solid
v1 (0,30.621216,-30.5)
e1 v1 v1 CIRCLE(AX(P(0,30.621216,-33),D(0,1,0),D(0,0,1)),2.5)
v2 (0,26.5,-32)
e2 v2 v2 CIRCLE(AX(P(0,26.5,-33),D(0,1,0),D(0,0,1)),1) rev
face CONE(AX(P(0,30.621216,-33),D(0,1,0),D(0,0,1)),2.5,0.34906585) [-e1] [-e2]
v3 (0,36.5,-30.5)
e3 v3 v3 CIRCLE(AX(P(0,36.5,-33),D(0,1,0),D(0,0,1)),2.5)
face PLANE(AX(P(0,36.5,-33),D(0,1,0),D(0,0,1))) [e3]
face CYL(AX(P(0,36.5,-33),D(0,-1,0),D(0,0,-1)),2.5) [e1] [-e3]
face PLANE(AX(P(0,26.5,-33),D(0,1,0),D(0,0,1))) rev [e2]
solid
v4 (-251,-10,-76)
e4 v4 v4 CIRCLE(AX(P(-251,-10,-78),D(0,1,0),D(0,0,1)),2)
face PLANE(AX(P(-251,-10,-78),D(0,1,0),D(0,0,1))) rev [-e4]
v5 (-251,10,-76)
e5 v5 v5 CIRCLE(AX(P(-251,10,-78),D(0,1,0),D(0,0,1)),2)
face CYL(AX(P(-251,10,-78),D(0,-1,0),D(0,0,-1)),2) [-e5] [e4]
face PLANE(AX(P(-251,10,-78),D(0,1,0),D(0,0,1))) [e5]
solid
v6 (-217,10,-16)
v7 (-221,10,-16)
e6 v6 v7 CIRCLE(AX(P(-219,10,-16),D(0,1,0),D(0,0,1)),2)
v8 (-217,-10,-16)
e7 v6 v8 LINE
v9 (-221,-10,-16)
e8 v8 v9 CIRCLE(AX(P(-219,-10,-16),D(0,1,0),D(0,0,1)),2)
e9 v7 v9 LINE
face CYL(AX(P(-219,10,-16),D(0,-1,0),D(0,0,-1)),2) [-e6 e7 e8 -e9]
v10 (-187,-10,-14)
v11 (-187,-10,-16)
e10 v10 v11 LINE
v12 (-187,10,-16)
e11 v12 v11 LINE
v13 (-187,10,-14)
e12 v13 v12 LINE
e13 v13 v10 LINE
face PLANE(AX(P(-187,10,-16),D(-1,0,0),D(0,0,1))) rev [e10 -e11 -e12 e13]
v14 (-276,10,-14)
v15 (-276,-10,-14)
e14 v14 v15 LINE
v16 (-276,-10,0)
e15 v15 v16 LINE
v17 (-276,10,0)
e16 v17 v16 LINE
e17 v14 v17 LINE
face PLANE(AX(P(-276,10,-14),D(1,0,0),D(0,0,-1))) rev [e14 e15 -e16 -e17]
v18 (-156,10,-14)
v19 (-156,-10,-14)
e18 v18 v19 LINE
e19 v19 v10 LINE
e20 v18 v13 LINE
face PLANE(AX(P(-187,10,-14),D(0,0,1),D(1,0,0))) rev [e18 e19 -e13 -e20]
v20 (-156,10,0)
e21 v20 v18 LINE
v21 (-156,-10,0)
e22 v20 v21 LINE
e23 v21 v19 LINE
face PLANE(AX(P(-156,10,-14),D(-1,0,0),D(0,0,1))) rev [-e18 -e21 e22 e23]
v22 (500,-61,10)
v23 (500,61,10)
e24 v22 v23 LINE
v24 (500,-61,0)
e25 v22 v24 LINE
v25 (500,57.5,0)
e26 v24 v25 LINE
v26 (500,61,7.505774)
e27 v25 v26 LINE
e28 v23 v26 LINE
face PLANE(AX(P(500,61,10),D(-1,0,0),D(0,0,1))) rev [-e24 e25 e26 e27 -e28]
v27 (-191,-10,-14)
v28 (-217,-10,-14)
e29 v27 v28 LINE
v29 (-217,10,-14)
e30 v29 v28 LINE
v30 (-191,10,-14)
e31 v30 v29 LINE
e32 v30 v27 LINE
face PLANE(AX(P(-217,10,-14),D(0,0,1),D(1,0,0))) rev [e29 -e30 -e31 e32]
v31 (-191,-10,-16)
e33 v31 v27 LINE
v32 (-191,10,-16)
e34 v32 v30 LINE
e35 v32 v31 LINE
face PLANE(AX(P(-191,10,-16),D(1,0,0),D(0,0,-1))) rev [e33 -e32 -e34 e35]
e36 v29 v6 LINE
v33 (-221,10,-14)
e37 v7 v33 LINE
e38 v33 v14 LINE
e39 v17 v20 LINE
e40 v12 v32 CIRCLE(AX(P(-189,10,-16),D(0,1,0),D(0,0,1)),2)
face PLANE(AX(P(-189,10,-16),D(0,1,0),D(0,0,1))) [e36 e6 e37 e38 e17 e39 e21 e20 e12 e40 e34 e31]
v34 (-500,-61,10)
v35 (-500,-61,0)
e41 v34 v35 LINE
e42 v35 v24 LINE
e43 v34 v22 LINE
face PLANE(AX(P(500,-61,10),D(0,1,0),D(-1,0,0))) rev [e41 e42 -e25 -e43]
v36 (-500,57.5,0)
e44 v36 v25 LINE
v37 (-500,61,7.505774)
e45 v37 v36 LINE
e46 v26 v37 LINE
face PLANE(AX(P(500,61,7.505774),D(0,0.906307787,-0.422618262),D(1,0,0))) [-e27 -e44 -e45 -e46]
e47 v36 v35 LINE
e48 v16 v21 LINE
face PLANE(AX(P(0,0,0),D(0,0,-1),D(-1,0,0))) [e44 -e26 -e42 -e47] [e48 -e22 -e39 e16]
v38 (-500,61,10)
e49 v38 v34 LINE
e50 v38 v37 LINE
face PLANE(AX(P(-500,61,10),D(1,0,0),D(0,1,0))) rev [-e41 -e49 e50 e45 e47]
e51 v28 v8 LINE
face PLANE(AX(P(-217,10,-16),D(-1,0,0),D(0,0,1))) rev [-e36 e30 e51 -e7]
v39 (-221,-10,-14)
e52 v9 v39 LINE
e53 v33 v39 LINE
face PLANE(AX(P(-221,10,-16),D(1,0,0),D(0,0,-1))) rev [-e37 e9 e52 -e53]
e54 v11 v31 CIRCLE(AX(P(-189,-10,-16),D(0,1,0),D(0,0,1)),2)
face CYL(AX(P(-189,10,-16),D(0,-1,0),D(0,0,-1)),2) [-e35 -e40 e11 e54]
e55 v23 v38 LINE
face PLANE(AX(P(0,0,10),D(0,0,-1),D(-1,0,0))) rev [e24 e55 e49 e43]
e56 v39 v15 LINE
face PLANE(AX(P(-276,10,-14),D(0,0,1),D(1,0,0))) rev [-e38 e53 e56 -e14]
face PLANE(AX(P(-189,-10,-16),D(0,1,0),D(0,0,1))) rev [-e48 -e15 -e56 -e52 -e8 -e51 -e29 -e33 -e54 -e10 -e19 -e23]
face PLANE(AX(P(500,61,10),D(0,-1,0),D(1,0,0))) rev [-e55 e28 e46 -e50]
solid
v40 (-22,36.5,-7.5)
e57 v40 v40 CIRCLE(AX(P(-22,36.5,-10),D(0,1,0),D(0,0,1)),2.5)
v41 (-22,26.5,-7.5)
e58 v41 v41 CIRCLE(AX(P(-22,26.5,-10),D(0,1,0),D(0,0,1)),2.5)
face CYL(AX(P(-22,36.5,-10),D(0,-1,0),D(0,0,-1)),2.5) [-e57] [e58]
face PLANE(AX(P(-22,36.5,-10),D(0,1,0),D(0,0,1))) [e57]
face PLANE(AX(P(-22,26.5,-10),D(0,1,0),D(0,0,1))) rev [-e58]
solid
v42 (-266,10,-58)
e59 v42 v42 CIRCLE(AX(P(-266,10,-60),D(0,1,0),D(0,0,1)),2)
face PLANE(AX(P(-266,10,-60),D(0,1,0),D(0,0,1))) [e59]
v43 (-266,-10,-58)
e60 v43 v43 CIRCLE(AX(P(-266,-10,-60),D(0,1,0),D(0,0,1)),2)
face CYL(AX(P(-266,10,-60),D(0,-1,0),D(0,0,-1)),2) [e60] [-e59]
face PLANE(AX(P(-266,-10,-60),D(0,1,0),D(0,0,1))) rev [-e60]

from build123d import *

# Parameters (mm, degrees)
SKETCH1_W                 = 1000
SKETCH1_H                 = 122
BOARD_DEPTH               = 10
BOARD_CHAMFER_SIZE        = 3.5
BOARD_CHAMFER_SIZE2       = 7.505774222
DYNAFIT_START             = 26.5
SKETCH2_R                 = 2.5
DYNAFIT_DEPTH             = 10
DYNAFIT_2_DEPTH           = 10
DYNAFIT_PIN_CHAMFER_SIZE  = 1.5
DYNAFIT_PIN_CHAMFER_SIZE2 = 4.121216129
SKETCH5_R                 = 2
RISER_DEPTH               = 10


with BuildPart() as part:
    # Sketch1 → Board (new body)
    with BuildSketch(Plane.XY):
        Rectangle(SKETCH1_W, SKETCH1_H)
    extrude(amount=BOARD_DEPTH)

    # Board chamfer
    board_chamfer_edges = [part.edges().sort_by_distance(p)[0] for p in [
        (0, 61, 0),
    ]]
    board_chamfer_side = [part.faces().sort_by_distance(p)[0] for p in [
        (0, 0, 0),
    ]]
    chamfer(board_chamfer_edges, length=BOARD_CHAMFER_SIZE, length2=BOARD_CHAMFER_SIZE2, reference=board_chamfer_side[0])

    # Sketch5 → Riser (add, symmetric)
    with BuildSketch(Plane(origin=(0, 0, 0), x_dir=(1, 0, 0), z_dir=(0, 1, 0))):
        with Locations(Location((-266, 60, 0), (0, 0, 270))):
            Circle(SKETCH5_R)
        with Locations(Location((-251, 78, 0), (0, 0, 270))):
            Circle(SKETCH5_R)
        with BuildLine():
            Line((-276, 14), (-221, 14))
            Line((-221, 14), (-221, 16))
            ThreePointArc((-221, 16), (-219, 18), (-217, 16))
            Line((-217, 16), (-217, 14))
            Line((-217, 14), (-191, 14))
            Line((-191, 14), (-191, 16))
            ThreePointArc((-191, 16), (-189, 18), (-187, 16))
            Line((-187, 16), (-187, 14))
            Line((-187, 14), (-156, 14))
            Line((-156, 14), (-156, 0))
            Line((-156, 0), (-276, 0))
            Line((-276, 0), (-276, 14))
        make_face()
    extrude(amount=RISER_DEPTH, both=True)


with BuildPart() as body_2:
    # Sketch2 → Dynafit (new body)
    with BuildSketch(Plane(origin=(0, 0, 0), x_dir=(1, 0, 0), z_dir=(0, 1, 0)).offset(DYNAFIT_START)):
        with Locations(Location((0, 33, 0), (0, 0, 270))):
            Circle(SKETCH2_R)
    extrude(amount=DYNAFIT_DEPTH)

    # Dynafit pin chamfer
    dynafit_pin_chamfer_edges = [body_2.edges().sort_by_distance(p)[0] for p in [
        (0, 26.5, -35.5),
    ]]
    dynafit_pin_chamfer_side = [body_2.faces().sort_by_distance(p)[0] for p in [
        (0, 26.5, -33),
    ]]
    chamfer(dynafit_pin_chamfer_edges, length=DYNAFIT_PIN_CHAMFER_SIZE, length2=DYNAFIT_PIN_CHAMFER_SIZE2, reference=dynafit_pin_chamfer_side[0])


with BuildPart() as body_3:
    # Sketch2 → Dynafit 2 (new body)
    with BuildSketch(Plane(origin=(0, 0, 0), x_dir=(1, 0, 0), z_dir=(0, 1, 0)).offset(DYNAFIT_START)):
        with Locations(Location((-22, 10, 0), (0, 0, 270))):
            Circle(SKETCH2_R)
    extrude(amount=DYNAFIT_2_DEPTH)


with BuildPart() as riser_piece_1:
    # of the separate pieces the step leaves, piece 1, a body of its own (riser_pieces)
    add(part.part.solids().sort_by_distance((500, 61, 7.505774222))[0])


with BuildPart() as riser_piece_2:
    # of the separate pieces the step leaves, piece 2, a body of its own (riser_pieces)
    add(part.part.solids().sort_by_distance((-266, -10, -58))[0])


with BuildPart() as riser_piece_3:
    # of the separate pieces the step leaves, piece 3, a body of its own (riser_pieces)
    add(part.part.solids().sort_by_distance((-251, -10, -76))[0])


solid = Compound([body_2.part, body_3.part, riser_piece_1.part, riser_piece_2.part, riser_piece_3.part])
